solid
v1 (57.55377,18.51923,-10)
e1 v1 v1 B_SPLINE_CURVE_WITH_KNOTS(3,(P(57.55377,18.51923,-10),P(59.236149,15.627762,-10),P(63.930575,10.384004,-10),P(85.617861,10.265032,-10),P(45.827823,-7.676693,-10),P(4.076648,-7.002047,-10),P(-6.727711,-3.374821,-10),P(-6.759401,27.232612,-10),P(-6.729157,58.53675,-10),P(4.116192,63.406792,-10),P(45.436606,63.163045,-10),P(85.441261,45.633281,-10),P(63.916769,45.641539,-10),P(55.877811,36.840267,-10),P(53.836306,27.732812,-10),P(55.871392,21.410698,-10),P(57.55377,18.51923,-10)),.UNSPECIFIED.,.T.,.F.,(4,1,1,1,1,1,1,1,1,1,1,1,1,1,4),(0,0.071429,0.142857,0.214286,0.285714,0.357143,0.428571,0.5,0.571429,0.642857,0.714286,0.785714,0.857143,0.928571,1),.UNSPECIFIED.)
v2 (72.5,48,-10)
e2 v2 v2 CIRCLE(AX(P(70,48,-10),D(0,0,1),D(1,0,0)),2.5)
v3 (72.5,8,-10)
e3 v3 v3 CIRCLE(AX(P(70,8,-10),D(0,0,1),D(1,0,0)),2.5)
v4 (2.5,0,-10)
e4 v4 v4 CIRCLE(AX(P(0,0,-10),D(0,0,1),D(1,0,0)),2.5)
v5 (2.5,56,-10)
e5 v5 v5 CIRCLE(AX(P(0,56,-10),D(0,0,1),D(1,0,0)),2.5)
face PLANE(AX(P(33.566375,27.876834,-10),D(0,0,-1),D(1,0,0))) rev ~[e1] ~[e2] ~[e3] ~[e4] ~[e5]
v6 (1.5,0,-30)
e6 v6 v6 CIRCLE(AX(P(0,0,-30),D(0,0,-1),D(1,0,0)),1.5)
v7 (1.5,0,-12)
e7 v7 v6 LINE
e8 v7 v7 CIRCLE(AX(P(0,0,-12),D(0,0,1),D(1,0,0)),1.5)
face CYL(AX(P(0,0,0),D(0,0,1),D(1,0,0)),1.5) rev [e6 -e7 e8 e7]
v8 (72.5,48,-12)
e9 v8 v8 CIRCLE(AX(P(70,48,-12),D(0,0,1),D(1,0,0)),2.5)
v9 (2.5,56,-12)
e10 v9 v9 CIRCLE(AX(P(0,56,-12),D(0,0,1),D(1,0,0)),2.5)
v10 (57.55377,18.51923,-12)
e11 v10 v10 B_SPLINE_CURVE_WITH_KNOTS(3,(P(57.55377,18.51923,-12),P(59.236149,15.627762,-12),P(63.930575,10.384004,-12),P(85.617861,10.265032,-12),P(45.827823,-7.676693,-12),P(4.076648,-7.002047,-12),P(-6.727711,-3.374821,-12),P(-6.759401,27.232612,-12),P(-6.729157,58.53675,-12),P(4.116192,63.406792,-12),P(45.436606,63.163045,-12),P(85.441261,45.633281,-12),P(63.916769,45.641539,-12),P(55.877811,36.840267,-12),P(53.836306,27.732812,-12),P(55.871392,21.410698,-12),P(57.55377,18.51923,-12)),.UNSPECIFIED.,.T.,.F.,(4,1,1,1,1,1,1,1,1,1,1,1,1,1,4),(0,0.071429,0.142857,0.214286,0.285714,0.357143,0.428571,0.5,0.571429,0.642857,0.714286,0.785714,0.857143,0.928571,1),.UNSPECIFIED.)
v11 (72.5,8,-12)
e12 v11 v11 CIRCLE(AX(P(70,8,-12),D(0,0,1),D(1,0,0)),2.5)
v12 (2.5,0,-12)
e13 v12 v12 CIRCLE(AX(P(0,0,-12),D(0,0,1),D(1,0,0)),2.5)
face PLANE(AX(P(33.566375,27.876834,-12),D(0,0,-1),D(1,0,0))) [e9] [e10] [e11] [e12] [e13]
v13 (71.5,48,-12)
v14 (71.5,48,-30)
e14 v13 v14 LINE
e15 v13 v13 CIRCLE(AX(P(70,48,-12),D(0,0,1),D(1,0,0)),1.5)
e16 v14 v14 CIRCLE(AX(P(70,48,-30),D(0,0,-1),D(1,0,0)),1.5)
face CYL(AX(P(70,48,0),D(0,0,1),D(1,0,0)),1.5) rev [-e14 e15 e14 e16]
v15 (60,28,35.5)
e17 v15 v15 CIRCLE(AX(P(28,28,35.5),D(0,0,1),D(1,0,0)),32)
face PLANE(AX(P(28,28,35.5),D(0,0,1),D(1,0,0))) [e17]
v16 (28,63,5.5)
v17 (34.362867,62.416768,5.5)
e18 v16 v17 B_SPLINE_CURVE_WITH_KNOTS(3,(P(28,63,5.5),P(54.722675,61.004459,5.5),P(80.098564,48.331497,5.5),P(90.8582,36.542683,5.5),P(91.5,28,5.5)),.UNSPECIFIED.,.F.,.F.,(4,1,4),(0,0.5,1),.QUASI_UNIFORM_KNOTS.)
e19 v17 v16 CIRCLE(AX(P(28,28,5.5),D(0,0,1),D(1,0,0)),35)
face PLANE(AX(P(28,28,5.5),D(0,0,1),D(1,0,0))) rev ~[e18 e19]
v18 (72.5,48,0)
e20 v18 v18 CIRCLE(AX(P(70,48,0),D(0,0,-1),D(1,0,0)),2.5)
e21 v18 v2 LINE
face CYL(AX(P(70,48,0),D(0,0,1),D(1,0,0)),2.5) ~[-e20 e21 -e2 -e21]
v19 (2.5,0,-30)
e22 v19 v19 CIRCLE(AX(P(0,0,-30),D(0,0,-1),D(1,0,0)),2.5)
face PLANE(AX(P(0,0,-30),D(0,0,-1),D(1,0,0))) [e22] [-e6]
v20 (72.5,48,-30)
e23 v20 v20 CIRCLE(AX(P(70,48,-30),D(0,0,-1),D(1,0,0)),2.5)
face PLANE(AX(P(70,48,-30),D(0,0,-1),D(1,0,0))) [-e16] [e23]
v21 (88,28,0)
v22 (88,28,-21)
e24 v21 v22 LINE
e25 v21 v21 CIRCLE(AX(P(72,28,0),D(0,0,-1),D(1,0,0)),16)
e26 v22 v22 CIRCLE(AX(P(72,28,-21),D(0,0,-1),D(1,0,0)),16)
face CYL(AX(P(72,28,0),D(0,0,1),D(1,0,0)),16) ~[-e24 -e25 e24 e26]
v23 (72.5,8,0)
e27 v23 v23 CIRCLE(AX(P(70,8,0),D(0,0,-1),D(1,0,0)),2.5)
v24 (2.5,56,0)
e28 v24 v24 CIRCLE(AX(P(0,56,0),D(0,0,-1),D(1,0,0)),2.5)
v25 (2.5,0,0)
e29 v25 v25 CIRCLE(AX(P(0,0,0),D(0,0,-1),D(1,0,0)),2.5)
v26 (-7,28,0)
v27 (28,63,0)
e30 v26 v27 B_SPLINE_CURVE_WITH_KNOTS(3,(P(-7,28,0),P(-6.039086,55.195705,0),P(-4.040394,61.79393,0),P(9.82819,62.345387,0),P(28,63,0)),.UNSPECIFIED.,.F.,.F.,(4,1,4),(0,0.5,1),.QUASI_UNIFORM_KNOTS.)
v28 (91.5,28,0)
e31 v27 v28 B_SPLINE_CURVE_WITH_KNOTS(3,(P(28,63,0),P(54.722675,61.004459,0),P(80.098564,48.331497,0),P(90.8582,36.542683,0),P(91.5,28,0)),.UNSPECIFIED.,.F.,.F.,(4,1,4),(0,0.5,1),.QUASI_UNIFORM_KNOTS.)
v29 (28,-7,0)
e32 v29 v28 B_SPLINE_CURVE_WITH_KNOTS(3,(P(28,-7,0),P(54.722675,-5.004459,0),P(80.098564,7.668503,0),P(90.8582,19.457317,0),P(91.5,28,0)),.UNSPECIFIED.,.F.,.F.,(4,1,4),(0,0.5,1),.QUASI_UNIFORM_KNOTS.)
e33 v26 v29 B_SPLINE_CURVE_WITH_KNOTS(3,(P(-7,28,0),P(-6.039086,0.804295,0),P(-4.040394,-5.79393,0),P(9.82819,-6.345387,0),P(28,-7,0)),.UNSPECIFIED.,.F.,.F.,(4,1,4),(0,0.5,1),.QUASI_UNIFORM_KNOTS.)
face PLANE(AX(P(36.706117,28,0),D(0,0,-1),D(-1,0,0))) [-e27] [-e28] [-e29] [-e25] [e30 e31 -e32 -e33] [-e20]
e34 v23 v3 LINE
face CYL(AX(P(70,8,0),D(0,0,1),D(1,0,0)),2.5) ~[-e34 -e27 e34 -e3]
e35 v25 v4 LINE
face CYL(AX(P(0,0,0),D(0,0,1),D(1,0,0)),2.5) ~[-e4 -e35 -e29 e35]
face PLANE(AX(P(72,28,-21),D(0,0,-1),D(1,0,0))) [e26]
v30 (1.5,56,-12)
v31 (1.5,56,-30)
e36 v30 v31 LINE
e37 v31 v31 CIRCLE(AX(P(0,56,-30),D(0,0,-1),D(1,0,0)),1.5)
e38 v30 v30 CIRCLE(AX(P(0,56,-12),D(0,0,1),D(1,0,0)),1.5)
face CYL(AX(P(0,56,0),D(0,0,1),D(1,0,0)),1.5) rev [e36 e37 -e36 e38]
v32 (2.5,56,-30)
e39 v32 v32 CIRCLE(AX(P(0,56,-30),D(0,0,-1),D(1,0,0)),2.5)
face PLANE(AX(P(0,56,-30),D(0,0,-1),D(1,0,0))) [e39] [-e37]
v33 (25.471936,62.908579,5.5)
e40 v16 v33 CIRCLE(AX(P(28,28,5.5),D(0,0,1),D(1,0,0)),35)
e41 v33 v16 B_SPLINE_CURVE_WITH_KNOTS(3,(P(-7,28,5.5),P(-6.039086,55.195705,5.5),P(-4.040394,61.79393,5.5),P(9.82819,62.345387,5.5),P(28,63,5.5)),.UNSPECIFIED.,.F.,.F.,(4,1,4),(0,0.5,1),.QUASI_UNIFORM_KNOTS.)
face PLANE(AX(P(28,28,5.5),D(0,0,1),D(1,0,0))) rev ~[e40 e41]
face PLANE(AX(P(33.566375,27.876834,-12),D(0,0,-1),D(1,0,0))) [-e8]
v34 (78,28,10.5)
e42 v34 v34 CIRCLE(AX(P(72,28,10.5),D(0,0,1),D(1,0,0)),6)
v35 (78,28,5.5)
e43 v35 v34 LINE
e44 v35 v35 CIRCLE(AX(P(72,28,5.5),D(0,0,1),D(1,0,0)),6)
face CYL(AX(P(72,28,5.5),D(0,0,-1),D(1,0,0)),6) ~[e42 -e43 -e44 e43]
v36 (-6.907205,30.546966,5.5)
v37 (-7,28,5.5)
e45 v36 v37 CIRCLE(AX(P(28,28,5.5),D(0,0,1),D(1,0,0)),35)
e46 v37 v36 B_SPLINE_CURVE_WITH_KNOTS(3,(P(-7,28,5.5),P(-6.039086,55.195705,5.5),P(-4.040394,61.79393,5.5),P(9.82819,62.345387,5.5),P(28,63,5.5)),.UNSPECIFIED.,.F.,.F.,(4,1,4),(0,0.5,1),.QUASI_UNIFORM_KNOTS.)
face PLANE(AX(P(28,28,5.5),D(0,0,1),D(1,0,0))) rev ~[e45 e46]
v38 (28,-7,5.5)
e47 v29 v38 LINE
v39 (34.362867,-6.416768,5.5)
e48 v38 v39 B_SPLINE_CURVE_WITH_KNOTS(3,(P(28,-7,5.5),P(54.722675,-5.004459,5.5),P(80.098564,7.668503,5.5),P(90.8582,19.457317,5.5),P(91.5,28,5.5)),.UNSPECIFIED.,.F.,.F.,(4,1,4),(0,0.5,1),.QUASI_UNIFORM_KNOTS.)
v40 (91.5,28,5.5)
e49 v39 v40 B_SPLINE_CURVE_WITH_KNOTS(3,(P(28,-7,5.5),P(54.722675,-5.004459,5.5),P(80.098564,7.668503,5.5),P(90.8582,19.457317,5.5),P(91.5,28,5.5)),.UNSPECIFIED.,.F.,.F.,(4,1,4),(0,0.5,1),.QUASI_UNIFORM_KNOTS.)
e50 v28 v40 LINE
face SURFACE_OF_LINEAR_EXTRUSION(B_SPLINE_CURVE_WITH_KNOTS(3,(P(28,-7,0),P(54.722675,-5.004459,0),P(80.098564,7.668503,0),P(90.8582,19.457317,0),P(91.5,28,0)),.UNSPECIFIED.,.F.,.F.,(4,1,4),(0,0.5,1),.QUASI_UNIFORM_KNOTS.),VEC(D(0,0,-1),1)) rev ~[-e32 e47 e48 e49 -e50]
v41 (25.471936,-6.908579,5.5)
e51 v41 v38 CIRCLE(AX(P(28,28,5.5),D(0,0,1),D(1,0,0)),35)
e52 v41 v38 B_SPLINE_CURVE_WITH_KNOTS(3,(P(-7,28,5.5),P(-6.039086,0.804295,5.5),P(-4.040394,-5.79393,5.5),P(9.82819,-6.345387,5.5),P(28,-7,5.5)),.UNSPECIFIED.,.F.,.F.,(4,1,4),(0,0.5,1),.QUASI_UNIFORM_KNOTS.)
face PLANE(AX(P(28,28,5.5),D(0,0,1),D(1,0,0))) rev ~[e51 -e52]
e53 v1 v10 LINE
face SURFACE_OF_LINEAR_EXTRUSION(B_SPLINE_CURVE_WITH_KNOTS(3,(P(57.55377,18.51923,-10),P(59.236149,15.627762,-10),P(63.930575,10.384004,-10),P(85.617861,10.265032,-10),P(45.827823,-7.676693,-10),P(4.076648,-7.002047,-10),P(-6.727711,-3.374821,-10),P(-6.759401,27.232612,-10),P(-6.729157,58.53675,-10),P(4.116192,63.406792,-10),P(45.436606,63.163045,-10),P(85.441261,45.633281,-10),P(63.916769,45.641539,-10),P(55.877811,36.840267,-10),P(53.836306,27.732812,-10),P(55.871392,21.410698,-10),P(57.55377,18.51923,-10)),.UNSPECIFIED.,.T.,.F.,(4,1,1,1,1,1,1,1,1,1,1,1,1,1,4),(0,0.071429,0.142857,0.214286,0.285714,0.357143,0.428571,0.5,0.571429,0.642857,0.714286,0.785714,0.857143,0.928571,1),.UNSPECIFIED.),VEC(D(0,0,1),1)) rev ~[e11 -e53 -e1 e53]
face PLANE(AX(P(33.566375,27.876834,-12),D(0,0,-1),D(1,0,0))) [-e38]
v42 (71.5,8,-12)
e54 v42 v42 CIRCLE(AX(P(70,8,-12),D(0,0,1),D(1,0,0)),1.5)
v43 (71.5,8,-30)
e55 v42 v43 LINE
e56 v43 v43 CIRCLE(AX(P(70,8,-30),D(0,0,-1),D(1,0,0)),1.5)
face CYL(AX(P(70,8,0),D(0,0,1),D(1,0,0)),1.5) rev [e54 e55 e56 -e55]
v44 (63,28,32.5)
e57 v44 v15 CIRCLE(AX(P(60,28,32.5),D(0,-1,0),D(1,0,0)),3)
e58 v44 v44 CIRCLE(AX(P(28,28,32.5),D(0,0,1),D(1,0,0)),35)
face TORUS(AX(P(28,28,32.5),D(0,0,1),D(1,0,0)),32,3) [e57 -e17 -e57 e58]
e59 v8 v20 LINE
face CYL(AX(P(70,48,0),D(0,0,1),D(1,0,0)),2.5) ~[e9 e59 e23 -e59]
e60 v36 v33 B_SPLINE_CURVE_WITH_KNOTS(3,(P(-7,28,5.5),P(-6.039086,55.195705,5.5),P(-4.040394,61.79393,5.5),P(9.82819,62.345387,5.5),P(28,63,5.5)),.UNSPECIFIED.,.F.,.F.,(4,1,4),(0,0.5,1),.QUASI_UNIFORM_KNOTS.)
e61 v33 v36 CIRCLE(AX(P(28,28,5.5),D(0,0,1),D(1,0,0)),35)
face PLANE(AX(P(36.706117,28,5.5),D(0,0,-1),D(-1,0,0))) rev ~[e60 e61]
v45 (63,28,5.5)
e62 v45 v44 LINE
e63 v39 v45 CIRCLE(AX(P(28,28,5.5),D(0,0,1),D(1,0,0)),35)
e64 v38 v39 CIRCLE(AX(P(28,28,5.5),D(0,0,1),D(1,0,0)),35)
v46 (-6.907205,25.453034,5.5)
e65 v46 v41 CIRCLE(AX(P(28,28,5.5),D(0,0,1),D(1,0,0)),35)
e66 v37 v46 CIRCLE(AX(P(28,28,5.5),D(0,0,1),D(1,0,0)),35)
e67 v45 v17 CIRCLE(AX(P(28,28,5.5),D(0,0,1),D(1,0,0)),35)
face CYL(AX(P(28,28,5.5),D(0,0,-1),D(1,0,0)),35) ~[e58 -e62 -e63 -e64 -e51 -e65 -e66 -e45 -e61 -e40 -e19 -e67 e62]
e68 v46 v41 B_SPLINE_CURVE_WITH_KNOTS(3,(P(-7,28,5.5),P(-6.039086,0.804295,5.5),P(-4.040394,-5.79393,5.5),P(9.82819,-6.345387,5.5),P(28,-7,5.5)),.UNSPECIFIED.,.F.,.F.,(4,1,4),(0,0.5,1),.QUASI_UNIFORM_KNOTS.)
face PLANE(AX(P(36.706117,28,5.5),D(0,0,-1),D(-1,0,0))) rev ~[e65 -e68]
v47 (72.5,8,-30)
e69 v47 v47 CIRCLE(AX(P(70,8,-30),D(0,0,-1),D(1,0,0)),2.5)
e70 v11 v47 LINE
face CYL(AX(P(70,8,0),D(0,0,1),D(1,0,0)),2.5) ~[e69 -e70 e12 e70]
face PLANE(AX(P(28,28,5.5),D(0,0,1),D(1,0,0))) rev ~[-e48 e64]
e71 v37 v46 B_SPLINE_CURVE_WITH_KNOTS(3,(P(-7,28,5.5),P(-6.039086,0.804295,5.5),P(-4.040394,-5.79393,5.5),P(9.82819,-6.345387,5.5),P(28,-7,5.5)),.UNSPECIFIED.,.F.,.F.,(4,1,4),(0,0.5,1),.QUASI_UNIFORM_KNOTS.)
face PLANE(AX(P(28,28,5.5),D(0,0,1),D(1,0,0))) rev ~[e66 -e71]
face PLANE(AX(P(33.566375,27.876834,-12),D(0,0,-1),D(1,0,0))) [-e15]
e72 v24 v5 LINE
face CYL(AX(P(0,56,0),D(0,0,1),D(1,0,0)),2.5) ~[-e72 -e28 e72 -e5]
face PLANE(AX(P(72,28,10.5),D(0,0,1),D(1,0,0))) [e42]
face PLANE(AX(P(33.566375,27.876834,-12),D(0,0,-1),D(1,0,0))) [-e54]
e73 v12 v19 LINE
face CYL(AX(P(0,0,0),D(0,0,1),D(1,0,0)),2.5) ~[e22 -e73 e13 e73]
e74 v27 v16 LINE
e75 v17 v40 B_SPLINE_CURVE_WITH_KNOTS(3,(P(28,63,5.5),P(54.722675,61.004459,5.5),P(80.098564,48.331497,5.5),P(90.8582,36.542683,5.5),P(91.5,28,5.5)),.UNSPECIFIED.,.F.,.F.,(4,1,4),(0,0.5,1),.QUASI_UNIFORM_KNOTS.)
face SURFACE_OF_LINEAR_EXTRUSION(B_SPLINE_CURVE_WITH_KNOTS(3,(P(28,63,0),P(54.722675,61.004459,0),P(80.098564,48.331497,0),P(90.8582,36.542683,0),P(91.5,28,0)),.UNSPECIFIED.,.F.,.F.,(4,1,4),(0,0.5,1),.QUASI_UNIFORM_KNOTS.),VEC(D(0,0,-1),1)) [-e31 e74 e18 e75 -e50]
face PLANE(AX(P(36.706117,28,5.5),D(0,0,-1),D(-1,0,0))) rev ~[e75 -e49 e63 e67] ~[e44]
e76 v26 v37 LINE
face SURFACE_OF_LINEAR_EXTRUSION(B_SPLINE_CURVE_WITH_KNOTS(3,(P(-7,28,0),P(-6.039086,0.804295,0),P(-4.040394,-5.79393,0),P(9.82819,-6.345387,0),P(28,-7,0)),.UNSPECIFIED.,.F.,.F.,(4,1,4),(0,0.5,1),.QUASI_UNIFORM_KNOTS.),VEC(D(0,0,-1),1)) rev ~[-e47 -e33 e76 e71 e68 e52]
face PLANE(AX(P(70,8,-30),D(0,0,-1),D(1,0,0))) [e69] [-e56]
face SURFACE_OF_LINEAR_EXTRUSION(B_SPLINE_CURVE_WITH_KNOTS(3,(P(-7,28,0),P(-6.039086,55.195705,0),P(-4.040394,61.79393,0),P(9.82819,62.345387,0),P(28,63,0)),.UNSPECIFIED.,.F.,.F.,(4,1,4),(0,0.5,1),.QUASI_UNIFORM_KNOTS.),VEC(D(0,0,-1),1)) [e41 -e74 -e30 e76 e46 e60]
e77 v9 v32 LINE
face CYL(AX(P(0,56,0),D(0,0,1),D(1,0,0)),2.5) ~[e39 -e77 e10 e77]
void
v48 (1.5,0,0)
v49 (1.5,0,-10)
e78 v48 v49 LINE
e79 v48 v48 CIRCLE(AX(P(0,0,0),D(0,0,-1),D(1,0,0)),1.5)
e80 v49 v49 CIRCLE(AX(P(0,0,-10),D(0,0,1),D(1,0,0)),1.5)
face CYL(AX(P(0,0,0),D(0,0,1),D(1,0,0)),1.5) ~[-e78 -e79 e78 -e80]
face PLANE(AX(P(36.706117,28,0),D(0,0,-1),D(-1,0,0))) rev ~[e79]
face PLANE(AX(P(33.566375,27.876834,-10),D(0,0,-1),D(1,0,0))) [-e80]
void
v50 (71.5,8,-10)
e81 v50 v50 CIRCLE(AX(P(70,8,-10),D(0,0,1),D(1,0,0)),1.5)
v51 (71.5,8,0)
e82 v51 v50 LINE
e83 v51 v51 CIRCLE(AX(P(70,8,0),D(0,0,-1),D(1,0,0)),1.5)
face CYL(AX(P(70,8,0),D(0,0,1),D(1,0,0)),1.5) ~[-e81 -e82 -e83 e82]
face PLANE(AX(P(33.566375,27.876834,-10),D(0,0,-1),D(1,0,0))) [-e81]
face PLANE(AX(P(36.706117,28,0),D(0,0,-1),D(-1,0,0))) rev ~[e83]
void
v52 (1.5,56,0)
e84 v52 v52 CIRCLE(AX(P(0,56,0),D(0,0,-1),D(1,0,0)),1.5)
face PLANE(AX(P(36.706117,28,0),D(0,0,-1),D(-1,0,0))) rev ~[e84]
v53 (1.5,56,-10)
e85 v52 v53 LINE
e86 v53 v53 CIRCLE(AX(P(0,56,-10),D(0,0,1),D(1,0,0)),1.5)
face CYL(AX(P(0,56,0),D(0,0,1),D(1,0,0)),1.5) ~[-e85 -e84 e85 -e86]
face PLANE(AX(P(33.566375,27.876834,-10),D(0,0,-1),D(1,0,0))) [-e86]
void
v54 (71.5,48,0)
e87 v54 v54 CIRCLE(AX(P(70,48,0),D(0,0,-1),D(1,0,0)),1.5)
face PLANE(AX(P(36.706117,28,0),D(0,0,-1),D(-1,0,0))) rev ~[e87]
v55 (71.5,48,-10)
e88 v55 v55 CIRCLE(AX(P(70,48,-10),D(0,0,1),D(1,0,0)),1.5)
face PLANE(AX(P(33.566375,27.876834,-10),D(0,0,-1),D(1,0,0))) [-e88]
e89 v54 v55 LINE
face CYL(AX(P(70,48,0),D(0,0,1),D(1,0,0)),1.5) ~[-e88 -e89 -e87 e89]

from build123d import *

# Parameters (mm, degrees)
PAD_DEPTH     = 5.5
SKETCH001_R   = 35
PAD001_DEPTH  = 30
SKETCH002_R   = 16
PAD002_DEPTH  = 21
SKETCH003_R   = 2.5
SKETCH003_R_2 = 1.5
PAD003_DEPTH  = 30
SKETCH004_R   = 6
PAD004_DEPTH  = 5
FILLET_R      = 3
PAD005_DEPTH  = 2


with BuildPart() as part:
    # Sketch → Pad (new body)
    with BuildSketch(Plane.XY):
        with BuildLine():
            add(Edge.make_bspline(
                [(-7, 28), (-6.039086, 55.195705), (-4.040394, 61.79393), (9.82819, 62.345387), (28, 63)],
                knots=[0, 0, 0, 0, 0.5, 1, 1, 1, 1], degree=3))
            add(Edge.make_bspline(
                [(28, 63), (54.722675, 61.004459), (80.098564, 48.331497), (90.8582, 36.542683), (91.5, 28)],
                knots=[0, 0, 0, 0, 0.5, 1, 1, 1, 1], degree=3))
            add(Edge.make_bspline(
                [(28, -7), (54.722675, -5.004459), (80.098564, 7.668503), (90.8582, 19.457317), (91.5, 28)],
                knots=[0, 0, 0, 0, 0.5, 1, 1, 1, 1], degree=3))
            add(Edge.make_bspline(
                [(-7, 28), (-6.039086, 0.804295), (-4.040394, -5.79393), (9.82819, -6.345387), (28, -7)],
                knots=[0, 0, 0, 0, 0.5, 1, 1, 1, 1], degree=3))
        make_face()
    extrude(amount=PAD_DEPTH)

    # Sketch001 (on Face6 of Pad) → Pad001 (join)
    with BuildSketch(Plane.XY.offset(5.5)):
        with Locations((28, 28)):
            Circle(SKETCH001_R)
    extrude(amount=PAD001_DEPTH)

    # Sketch002 (on Face4 of Pad001) → Pad002 (join)
    with BuildSketch(Plane(origin=(0, 0, 0), x_dir=(1, 0, 0), z_dir=(0, 0, -1))):
        with Locations((72, -28)):
            Circle(SKETCH002_R)
    extrude(amount=PAD002_DEPTH)

    # Sketch003 (on Face4 of Pad002) → Pad003 (join)
    with BuildSketch(Plane(origin=(0, 0, 0), x_dir=(1, 0, 0), z_dir=(0, 0, -1))):
        Circle(SKETCH003_R)
        Circle(SKETCH003_R_2, mode=Mode.SUBTRACT)
        with Locations((70, -8)):
            Circle(SKETCH003_R)
        with Locations((70, -8)):
            Circle(SKETCH003_R_2, mode=Mode.SUBTRACT)
        with Locations((0, -56)):
            Circle(SKETCH003_R)
        with Locations((0, -56)):
            Circle(SKETCH003_R_2, mode=Mode.SUBTRACT)
        with Locations((70, -48)):
            Circle(SKETCH003_R)
        with Locations((70, -48)):
            Circle(SKETCH003_R_2, mode=Mode.SUBTRACT)
    extrude(amount=PAD003_DEPTH)

    # Sketch004 (on Face13 of Pad003) → Pad004 (join)
    with BuildSketch(Plane.XY.offset(5.5)):
        with Locations((72, 28)):
            Circle(SKETCH004_R)
    extrude(amount=PAD004_DEPTH)

    # Fillet
    fillet_edges = [part.edges().sort_by_distance(p)[0] for p in [
        (-7, 28, 35.5),
    ]]
    fillet(fillet_edges, radius=FILLET_R)

    # Sketch005 → Pad005 (join)
    with BuildSketch(Plane(origin=(0, 0, -10), x_dir=(1, 0, 0), z_dir=(0, 0, -1))):
        with BuildLine():
            add(Edge.make_bspline(
                [(57.55377, -18.51923), (59.236149, -15.627762), (63.930575, -10.384004), (85.617861, -10.265032), (45.827823, 7.676693), (4.076648, 7.002047), (-6.727711, 3.374821), (-6.759401, -27.232612), (-6.729157, -58.53675), (4.116192, -63.406792), (45.436606, -63.163045), (85.441261, -45.633281), (63.916769, -45.641539), (55.877811, -36.840267), (53.836306, -27.732812), (55.871392, -21.410698), (57.55377, -18.51923)],
                knots=[0, 0, 0, 0, 0.071429, 0.142857, 0.214286, 0.285714, 0.357143, 0.428571, 0.5, 0.571429, 0.642857, 0.714286, 0.785714, 0.857143, 0.928571, 1, 1, 1, 1], degree=3))
        make_face()
    extrude(amount=PAD005_DEPTH)


solid = part.part
